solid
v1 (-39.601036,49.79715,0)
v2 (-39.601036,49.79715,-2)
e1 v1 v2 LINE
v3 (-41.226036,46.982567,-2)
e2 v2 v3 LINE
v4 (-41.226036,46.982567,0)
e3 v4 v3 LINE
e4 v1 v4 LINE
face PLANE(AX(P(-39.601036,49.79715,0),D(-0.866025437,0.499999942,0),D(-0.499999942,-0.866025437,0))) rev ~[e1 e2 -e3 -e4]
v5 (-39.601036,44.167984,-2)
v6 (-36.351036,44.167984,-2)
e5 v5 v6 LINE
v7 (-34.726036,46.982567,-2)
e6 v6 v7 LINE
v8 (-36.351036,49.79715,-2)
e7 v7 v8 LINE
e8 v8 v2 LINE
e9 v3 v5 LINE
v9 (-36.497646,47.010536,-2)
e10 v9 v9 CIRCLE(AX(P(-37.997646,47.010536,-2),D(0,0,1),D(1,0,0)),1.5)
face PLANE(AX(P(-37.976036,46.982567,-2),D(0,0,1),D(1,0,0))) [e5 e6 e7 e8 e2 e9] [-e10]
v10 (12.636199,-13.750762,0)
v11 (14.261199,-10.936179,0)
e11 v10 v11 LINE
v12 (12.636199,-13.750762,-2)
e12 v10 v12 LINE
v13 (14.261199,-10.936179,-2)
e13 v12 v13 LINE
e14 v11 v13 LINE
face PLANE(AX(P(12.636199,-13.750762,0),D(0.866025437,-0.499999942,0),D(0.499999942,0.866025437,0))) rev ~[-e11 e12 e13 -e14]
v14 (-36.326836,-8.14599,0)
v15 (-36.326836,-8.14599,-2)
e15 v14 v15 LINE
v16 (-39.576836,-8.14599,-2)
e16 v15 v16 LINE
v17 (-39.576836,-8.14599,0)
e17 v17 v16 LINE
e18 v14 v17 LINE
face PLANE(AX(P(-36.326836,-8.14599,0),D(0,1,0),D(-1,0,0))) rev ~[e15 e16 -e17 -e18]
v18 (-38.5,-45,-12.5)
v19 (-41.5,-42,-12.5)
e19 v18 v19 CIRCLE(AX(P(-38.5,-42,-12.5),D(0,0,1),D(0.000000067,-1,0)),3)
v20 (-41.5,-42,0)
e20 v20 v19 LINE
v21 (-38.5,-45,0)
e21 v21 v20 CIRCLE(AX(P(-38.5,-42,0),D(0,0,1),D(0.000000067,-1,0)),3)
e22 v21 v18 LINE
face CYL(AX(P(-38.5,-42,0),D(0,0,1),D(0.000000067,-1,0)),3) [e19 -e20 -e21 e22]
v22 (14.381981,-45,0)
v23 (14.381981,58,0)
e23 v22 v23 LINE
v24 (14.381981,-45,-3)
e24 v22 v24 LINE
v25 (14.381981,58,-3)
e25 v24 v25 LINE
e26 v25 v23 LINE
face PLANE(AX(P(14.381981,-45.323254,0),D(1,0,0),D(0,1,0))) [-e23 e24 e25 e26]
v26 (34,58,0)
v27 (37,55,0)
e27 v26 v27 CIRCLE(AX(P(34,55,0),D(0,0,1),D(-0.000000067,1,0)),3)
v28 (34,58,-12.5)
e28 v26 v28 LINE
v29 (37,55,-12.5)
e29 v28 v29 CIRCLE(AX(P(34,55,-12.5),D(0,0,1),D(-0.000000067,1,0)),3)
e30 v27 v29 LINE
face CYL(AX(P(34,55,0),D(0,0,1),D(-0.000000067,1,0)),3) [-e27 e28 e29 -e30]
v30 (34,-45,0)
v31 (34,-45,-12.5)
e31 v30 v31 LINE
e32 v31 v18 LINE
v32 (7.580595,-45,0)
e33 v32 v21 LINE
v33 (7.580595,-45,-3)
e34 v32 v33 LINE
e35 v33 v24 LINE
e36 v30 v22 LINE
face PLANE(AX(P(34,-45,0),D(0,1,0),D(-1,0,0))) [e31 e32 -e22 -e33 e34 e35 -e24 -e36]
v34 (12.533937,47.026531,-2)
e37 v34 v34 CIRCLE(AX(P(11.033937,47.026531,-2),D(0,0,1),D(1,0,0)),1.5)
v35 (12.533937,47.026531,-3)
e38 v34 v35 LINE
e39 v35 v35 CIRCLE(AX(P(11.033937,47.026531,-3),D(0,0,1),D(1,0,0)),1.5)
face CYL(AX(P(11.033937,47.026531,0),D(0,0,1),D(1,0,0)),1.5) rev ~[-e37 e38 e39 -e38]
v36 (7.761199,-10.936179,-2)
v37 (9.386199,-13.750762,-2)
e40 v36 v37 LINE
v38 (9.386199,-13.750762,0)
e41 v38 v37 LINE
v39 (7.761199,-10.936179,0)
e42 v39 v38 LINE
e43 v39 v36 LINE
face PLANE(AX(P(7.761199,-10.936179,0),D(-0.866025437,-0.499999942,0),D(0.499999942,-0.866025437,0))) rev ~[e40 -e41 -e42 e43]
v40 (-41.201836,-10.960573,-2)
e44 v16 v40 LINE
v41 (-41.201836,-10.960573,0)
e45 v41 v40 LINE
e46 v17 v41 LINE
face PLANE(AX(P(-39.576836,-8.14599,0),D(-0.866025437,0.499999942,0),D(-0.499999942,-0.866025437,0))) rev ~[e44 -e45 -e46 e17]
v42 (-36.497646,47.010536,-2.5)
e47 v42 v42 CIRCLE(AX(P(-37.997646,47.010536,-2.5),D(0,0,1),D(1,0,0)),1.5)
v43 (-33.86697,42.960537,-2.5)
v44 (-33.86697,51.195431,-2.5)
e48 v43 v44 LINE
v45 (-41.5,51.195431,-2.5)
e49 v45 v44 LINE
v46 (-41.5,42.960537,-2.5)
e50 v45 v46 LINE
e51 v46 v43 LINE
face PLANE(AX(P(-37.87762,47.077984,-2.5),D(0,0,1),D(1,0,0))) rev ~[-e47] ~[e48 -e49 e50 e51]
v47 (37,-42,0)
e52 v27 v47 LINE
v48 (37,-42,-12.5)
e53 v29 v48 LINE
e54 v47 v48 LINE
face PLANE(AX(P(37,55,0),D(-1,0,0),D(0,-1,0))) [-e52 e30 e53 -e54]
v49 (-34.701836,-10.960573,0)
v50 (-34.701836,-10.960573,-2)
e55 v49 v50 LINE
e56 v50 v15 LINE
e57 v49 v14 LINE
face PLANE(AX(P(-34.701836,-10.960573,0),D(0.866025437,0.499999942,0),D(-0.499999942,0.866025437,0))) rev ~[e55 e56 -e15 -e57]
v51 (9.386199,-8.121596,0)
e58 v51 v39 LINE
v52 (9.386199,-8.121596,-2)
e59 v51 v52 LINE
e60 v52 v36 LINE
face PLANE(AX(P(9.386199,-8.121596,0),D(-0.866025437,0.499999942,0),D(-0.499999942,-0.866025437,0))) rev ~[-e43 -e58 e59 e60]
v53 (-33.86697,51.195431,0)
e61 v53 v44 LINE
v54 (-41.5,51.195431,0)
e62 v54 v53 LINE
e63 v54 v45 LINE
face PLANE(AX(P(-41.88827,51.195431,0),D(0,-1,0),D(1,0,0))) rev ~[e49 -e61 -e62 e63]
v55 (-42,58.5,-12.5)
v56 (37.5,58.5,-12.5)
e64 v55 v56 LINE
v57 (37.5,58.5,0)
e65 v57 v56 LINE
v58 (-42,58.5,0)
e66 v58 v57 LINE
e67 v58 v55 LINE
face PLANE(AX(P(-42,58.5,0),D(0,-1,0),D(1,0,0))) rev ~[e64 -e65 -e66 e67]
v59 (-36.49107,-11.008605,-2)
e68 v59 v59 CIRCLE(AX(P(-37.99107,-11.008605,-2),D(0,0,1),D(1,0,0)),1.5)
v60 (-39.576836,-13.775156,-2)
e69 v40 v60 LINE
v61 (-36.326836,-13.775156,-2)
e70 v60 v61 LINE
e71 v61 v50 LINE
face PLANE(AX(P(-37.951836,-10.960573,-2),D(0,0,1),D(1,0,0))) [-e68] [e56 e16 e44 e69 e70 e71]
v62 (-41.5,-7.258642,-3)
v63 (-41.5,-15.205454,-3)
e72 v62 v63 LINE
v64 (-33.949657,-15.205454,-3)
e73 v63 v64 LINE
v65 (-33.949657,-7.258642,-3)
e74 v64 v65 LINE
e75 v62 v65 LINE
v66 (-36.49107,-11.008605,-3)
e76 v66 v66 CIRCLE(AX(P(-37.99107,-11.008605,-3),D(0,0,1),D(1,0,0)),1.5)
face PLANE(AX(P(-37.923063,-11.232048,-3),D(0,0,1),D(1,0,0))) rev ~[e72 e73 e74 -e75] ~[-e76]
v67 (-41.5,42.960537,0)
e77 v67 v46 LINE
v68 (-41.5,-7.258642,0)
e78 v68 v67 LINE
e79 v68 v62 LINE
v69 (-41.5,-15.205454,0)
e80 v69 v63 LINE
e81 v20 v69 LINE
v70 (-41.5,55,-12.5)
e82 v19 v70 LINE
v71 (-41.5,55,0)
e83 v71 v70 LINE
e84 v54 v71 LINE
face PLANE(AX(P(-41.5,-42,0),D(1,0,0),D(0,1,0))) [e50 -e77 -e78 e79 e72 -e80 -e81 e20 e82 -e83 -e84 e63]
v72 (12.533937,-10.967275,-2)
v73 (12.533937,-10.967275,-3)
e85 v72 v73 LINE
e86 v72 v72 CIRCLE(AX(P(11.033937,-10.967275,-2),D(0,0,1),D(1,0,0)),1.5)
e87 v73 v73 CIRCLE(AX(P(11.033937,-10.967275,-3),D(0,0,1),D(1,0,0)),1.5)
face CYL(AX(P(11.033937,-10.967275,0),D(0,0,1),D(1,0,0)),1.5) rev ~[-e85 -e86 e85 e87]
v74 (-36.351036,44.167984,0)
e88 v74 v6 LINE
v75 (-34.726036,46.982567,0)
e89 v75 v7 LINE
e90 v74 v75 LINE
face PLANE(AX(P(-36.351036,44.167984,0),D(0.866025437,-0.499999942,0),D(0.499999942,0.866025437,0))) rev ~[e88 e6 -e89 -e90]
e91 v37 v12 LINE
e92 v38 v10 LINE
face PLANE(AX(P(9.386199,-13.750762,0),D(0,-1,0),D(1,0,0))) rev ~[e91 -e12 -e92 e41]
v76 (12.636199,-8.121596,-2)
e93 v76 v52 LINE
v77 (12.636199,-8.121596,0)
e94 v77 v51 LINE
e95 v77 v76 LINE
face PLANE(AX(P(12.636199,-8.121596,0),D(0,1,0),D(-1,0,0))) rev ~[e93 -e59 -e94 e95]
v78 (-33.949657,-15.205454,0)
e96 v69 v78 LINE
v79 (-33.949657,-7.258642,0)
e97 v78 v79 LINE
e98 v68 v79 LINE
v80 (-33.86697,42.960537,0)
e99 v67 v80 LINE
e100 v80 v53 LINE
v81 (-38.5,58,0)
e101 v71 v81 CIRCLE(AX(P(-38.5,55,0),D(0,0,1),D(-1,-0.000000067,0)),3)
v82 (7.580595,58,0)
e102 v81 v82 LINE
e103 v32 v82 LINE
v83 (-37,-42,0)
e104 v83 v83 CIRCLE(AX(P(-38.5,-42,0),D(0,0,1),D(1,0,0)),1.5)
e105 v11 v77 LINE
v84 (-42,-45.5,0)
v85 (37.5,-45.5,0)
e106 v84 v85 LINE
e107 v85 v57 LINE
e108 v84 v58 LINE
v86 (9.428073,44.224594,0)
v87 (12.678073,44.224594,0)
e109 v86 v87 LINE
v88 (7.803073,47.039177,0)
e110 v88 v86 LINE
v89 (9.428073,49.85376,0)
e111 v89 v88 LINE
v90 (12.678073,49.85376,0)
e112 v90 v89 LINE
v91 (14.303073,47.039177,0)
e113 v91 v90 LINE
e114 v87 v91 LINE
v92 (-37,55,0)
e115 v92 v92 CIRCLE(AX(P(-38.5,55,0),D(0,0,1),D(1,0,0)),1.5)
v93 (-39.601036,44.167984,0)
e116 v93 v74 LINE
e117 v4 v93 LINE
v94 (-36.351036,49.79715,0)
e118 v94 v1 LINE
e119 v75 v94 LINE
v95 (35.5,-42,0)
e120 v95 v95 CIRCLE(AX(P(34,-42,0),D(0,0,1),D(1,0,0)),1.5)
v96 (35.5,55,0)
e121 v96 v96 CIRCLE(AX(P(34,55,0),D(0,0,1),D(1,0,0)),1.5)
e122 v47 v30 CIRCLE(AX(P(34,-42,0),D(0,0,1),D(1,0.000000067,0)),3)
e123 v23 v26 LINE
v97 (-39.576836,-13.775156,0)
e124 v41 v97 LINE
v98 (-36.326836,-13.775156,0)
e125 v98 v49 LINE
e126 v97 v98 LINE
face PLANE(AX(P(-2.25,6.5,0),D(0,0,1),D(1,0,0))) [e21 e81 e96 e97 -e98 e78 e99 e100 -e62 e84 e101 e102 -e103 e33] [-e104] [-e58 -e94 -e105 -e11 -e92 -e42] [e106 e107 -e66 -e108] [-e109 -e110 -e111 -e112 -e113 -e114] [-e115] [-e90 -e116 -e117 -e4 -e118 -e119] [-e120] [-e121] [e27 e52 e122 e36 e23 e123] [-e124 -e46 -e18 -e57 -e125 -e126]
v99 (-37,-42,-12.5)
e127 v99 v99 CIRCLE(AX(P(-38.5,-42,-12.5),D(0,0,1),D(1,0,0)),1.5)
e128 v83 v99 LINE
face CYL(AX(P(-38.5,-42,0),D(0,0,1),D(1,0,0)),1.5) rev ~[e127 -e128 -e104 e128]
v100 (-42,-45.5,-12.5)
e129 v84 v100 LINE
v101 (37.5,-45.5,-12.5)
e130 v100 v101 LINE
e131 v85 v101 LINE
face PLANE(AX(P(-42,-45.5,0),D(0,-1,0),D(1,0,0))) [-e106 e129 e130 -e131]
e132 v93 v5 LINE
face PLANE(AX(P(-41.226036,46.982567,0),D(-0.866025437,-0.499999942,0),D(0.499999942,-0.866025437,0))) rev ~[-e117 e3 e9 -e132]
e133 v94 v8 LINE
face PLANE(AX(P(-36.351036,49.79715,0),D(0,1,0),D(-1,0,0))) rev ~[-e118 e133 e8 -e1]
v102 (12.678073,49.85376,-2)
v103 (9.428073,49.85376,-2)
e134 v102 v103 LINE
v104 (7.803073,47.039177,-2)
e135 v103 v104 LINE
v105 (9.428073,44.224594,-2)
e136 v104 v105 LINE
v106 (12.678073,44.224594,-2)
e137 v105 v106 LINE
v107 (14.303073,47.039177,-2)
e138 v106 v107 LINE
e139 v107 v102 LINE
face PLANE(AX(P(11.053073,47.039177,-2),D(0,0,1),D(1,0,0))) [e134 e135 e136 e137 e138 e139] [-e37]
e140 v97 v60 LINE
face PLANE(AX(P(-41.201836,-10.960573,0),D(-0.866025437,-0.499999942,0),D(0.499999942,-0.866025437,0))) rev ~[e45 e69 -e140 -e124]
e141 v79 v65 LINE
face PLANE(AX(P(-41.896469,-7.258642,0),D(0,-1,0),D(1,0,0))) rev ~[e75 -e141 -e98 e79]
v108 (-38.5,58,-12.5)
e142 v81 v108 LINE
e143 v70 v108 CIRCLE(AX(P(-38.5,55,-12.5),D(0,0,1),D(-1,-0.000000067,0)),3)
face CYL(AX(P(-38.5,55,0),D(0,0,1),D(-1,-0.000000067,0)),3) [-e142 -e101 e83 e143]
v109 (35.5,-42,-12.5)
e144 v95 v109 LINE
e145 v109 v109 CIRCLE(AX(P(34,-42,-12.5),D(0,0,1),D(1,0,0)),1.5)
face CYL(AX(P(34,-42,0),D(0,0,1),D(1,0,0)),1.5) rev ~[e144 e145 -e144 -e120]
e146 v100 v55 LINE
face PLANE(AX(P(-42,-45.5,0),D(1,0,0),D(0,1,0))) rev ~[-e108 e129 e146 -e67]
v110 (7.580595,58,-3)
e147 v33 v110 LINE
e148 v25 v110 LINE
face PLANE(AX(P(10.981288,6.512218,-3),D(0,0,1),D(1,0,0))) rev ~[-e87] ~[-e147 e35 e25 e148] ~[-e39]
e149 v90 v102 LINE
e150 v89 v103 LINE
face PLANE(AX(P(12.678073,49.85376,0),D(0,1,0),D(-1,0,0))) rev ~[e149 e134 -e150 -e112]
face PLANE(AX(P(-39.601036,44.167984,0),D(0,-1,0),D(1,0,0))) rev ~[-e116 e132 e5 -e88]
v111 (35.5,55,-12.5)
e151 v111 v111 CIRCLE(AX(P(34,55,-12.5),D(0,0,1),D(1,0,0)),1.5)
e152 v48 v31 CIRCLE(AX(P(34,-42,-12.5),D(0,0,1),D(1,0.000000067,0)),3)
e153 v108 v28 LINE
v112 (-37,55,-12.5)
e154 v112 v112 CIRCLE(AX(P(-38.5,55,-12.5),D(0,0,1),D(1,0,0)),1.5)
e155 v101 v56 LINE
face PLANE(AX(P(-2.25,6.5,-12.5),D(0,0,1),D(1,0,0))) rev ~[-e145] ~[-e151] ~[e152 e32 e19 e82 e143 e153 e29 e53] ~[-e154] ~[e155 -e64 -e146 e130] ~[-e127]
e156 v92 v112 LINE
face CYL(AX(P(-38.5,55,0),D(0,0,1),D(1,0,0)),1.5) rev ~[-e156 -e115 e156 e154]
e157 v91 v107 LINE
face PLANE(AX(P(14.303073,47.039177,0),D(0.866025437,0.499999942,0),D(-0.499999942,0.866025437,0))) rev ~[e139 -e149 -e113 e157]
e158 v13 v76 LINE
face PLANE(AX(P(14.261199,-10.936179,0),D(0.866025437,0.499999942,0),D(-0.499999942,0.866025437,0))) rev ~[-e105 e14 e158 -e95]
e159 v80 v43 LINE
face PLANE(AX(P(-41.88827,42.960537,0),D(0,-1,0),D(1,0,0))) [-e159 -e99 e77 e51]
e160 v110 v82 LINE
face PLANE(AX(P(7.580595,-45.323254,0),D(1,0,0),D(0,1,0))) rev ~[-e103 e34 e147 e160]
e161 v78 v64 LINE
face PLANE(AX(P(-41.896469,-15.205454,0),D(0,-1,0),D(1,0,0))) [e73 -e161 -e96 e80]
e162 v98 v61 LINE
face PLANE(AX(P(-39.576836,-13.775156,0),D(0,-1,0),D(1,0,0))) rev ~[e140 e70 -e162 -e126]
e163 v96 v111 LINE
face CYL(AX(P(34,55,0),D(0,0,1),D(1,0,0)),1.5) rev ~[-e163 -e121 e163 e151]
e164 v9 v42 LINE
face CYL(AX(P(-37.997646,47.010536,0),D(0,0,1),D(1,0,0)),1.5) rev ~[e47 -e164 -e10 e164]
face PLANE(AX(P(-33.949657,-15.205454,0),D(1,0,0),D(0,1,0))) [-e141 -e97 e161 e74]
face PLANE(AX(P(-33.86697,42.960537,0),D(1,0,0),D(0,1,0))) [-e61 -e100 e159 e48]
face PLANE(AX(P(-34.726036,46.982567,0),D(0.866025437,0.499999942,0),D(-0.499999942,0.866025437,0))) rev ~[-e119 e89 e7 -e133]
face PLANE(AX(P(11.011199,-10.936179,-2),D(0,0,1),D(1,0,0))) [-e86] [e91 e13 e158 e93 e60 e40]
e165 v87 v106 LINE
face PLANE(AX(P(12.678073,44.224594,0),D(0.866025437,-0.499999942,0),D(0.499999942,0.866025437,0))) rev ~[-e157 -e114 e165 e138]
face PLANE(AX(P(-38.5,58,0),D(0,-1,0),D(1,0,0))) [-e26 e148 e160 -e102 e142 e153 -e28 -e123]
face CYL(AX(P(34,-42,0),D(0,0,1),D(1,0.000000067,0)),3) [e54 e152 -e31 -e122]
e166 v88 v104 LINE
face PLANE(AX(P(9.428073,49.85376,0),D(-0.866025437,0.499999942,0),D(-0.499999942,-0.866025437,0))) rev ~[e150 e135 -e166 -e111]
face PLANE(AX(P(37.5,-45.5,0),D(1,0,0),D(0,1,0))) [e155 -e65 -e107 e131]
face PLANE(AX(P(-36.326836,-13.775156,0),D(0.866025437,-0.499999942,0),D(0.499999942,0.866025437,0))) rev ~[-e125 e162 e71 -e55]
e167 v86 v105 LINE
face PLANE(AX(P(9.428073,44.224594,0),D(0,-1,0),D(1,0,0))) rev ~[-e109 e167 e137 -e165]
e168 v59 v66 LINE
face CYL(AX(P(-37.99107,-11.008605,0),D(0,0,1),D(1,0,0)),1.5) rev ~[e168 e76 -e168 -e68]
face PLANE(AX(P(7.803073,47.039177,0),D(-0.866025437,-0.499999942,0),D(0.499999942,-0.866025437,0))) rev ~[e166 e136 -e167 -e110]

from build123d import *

# Parameters (mm, degrees)
SKETCH007_W     = 79.5
SKETCH007_H     = 104
SKETCH007_R     = 1.5
PAD002_DEPTH    = 12.5
SKETCH006_W     = 8.021301
SKETCH006_H     = 8.234894
SKETCH006_R     = 1.5
PAD001_DEPTH    = 2.5
POCKET005_DEPTH = 2
SKETCH033_W     = 7.946812
SKETCH033_H     = 7.946812
SKETCH033_R     = 1.5
PAD003_DEPTH    = 3
SKETCH034_W     = 6.801386
SKETCH034_H     = 103.670945
SKETCH034_R     = 1.5
PAD004_DEPTH    = 3
POCKET006_DEPTH = 2
POCKET007_DEPTH = 2
POCKET008_DEPTH = 2


with BuildPart() as part:
    # Sketch007 → Pad002 (new body)
    with BuildSketch(Plane.XY):
        with Locations((-2.25, 6.5)):
            Rectangle(SKETCH007_W, SKETCH007_H)
        with Locations((-38.5, 55)):
            Circle(SKETCH007_R, mode=Mode.SUBTRACT)
        with Locations((34, 55)):
            Circle(SKETCH007_R, mode=Mode.SUBTRACT)
        with Locations((-38.5, -42)):
            Circle(SKETCH007_R, mode=Mode.SUBTRACT)
        with Locations((34, -42)):
            Circle(SKETCH007_R, mode=Mode.SUBTRACT)
        with BuildLine():
            Line((34, -45), (-38.5, -45))
            ThreePointArc((-38.5, -45), (-36.37868, -39.87868), (-41.5, -42))
            Line((-41.5, -42), (-41.5, 55))
            ThreePointArc((-41.5, 55), (-36.37868, 52.87868), (-38.5, 58))
            Line((-38.5, 58), (34, 58))
            ThreePointArc((34, 58), (31.87868, 52.87868), (37, 55))
            Line((37, 55), (37, -42))
            ThreePointArc((37, -42), (31.87868, -39.87868), (34, -45))
        make_face(mode=Mode.SUBTRACT)
    extrude(amount=-PAD002_DEPTH)

    # Sketch006 → Pad001 (join)
    with BuildSketch(Plane.XY):
        with Locations((-37.87762, 47.077984)):
            Rectangle(SKETCH006_W, SKETCH006_H)
        with Locations((-37.997646, 47.010536)):
            Circle(SKETCH006_R, mode=Mode.SUBTRACT)
    extrude(amount=-PAD001_DEPTH)

    # Sketch032 (on Face23 of Pad001) → Pocket005 (cut)
    with BuildSketch(Plane.XY):
        Polygon((-34.726036, 46.982567), (-36.351036, 49.79715), (-39.601036, 49.79715), (-41.226036, 46.982567), (-39.601036, 44.167984), (-36.351036, 44.167984), align=None)
    extrude(amount=-POCKET005_DEPTH, mode=Mode.SUBTRACT)

    # Sketch033 → Pad003 (join)
    with BuildSketch(Plane.XY):
        with Locations((-37.923063, -11.232048)):
            Rectangle(SKETCH033_W, SKETCH033_H)
        with Locations((-37.99107, -11.008605)):
            Circle(SKETCH033_R, mode=Mode.SUBTRACT)
    extrude(amount=-PAD003_DEPTH)

    # Sketch034 → Pad004 (join)
    with BuildSketch(Plane.XY):
        with Locations((10.981288, 6.512218)):
            Rectangle(SKETCH034_W, SKETCH034_H)
        with Locations((11.033937, 47.026531)):
            Circle(SKETCH034_R, mode=Mode.SUBTRACT)
        with Locations((11.033937, -10.967275)):
            Circle(SKETCH034_R, mode=Mode.SUBTRACT)
    extrude(amount=-PAD004_DEPTH)

    # Sketch035 (on Face34 of Pad004) → Pocket006 (cut)
    with BuildSketch(Plane.XY):
        Polygon((-36.326836, -8.14599), (-39.576836, -8.14599), (-41.201836, -10.960573), (-39.576836, -13.775156), (-36.326836, -13.775156), (-34.701836, -10.960573), align=None)
    extrude(amount=-POCKET006_DEPTH, mode=Mode.SUBTRACT)

    # Sketch036 (on Face26 of Pocket006) → Pocket007 (cut)
    with BuildSketch(Plane.XY):
        Polygon((12.678073, 49.85376), (9.428073, 49.85376), (7.803073, 47.039177), (9.428073, 44.224594), (12.678073, 44.224594), (14.303073, 47.039177), align=None)
    extrude(amount=-POCKET007_DEPTH, mode=Mode.SUBTRACT)

    # Sketch037 (on Face26 of Pocket007) → Pocket008 (cut)
    with BuildSketch(Plane.XY):
        Polygon((12.636199, -8.121596), (9.386199, -8.121596), (7.761199, -10.936179), (9.386199, -13.750762), (12.636199, -13.750762), (14.261199, -10.936179), align=None)
    extrude(amount=-POCKET008_DEPTH, mode=Mode.SUBTRACT)


solid = part.part
